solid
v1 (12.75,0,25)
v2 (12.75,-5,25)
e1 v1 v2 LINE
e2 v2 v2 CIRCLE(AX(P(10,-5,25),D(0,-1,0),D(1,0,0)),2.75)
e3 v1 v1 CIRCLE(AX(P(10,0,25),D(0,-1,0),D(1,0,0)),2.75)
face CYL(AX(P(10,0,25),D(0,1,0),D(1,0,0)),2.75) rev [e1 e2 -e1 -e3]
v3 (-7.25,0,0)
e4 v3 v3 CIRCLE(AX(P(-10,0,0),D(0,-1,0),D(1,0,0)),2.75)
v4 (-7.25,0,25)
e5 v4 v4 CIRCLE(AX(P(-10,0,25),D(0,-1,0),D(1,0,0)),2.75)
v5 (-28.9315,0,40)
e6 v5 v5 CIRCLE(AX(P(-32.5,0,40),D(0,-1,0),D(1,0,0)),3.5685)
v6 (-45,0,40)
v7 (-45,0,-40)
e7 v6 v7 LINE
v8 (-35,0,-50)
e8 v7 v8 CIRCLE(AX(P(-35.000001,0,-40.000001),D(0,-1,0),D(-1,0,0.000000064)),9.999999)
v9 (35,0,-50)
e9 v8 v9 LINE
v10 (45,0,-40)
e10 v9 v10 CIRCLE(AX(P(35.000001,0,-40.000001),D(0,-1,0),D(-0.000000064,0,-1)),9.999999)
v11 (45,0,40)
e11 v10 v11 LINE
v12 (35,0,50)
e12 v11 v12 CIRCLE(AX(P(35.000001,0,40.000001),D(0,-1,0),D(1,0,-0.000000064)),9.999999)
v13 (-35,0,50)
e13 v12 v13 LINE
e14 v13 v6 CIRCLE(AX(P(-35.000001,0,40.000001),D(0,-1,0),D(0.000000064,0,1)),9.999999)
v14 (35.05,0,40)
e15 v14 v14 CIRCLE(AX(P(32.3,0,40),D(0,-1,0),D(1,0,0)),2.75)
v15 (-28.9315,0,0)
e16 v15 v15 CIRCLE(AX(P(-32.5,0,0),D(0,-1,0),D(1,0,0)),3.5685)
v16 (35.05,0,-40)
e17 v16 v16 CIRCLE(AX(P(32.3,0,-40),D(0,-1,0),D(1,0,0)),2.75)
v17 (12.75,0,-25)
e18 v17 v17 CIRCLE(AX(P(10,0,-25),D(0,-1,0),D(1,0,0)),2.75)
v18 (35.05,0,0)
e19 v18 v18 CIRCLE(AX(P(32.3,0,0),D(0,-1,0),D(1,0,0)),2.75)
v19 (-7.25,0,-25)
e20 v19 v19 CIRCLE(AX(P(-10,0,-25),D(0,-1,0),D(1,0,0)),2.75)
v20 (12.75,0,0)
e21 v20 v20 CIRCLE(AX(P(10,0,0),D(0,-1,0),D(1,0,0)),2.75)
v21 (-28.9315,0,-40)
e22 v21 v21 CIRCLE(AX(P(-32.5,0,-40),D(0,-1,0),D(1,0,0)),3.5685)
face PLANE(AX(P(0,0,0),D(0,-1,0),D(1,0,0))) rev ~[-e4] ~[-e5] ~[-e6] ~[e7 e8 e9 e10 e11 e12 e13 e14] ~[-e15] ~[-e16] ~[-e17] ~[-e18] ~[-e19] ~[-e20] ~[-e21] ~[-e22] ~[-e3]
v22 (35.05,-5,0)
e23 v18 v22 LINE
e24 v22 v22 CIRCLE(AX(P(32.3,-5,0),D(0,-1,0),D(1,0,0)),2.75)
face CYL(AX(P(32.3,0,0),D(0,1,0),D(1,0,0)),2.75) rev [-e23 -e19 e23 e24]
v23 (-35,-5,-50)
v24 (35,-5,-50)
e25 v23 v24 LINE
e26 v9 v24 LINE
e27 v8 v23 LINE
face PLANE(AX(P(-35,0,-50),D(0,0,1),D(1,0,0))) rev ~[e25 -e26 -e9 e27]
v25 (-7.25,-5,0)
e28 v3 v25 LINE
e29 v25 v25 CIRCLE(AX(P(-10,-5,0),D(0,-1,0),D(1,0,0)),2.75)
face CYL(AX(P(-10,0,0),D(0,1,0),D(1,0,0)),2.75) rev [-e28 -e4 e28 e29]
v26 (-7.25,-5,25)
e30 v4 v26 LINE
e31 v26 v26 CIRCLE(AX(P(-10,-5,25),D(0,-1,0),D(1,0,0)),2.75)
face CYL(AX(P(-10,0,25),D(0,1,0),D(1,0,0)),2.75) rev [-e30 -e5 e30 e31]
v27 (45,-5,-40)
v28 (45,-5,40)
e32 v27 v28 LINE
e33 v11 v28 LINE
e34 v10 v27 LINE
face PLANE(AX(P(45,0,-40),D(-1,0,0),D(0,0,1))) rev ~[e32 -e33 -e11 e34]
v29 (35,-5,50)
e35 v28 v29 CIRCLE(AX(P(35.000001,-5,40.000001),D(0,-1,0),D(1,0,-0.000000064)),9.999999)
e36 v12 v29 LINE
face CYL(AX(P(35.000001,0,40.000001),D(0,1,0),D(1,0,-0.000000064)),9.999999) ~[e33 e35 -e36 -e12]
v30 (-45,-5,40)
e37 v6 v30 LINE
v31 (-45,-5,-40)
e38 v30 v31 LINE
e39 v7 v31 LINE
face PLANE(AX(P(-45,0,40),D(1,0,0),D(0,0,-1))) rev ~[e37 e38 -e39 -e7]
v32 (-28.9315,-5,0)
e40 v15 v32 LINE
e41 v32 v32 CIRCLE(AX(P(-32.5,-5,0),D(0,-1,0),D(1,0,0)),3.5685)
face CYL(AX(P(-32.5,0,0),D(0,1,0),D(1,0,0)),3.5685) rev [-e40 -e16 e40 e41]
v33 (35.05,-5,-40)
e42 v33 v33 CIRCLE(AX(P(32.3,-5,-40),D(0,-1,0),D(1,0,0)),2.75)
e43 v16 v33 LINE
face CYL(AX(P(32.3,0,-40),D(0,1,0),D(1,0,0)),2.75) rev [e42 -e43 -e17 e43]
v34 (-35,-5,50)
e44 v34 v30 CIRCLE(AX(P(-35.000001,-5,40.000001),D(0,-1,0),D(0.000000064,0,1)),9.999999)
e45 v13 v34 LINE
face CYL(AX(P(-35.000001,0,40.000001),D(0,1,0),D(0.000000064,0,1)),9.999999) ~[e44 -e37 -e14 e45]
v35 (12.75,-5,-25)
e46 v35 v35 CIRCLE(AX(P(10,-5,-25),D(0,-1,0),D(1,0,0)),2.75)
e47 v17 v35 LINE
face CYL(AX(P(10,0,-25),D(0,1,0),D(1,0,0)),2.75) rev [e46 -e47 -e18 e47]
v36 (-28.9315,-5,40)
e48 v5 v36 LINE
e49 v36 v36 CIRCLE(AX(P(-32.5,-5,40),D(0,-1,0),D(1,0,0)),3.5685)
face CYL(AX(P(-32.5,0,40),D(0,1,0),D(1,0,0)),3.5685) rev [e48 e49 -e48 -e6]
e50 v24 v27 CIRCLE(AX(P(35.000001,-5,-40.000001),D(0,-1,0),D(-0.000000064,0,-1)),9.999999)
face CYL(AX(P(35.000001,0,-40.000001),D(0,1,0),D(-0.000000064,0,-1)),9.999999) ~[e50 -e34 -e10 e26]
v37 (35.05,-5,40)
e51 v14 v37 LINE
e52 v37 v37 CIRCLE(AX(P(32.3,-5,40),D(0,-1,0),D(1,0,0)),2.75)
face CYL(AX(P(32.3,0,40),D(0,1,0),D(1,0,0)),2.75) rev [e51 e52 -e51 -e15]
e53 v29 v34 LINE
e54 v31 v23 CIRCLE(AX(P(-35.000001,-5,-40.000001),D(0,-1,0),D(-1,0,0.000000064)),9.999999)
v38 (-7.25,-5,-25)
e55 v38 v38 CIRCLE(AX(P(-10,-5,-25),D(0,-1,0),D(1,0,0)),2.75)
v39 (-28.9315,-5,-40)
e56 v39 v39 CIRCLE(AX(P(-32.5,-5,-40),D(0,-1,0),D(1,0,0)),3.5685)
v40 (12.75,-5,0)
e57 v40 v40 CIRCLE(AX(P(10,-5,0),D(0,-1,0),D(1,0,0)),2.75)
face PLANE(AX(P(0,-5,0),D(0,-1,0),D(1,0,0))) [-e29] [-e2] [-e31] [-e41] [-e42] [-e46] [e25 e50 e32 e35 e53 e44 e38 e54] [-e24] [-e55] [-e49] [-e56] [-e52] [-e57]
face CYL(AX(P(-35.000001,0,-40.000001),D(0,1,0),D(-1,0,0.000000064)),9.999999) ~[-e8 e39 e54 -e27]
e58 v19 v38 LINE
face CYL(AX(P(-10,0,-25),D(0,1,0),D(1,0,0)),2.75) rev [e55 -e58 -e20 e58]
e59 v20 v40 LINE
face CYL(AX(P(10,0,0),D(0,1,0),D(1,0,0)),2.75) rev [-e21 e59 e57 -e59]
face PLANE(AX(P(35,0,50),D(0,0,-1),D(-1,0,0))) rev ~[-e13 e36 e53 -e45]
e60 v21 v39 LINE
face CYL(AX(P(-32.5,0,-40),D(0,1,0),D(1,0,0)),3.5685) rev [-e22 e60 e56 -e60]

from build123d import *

# Parameters (mm, degrees)
F0_R     = 3.5685
F0_R_2   = 2.75
F1_DEPTH = 5


with BuildPart() as f1:
    # F0 (on Front) → F1 (new body)
    with BuildSketch(Plane.XZ):
        with BuildLine():
            Line((-35, -50), (35, -50))
            ThreePointArc((35, -50), (42.071068, -47.071068), (45, -40))
            Line((45, -40), (45, 40))
            ThreePointArc((45, 40), (42.071068, 47.071068), (35, 50))
            Line((35, 50), (-35, 50))
            ThreePointArc((-35, 50), (-42.071068, 47.071068), (-45, 40))
            Line((-45, 40), (-45, -40))
            ThreePointArc((-45, -40), (-42.071068, -47.071068), (-35, -50))
        make_face()
        with Locations((-32.5, -40)):
            Circle(F0_R, mode=Mode.SUBTRACT)
        with Locations((-10, -25)):
            Circle(F0_R_2, mode=Mode.SUBTRACT)
        with Locations((32.3, -40)):
            Circle(F0_R_2, mode=Mode.SUBTRACT)
        with Locations((10, -25)):
            Circle(F0_R_2, mode=Mode.SUBTRACT)
        with Locations((-32.5, 0)):
            Circle(F0_R, mode=Mode.SUBTRACT)
        with Locations((-10, 0)):
            Circle(F0_R_2, mode=Mode.SUBTRACT)
        with Locations((-32.5, 40)):
            Circle(F0_R, mode=Mode.SUBTRACT)
        with Locations((-10, 25)):
            Circle(F0_R_2, mode=Mode.SUBTRACT)
        with Locations((10, 0)):
            Circle(F0_R_2, mode=Mode.SUBTRACT)
        with Locations((32.3, 0)):
            Circle(F0_R_2, mode=Mode.SUBTRACT)
        with Locations((10, 25)):
            Circle(F0_R_2, mode=Mode.SUBTRACT)
        with Locations((32.3, 40)):
            Circle(F0_R_2, mode=Mode.SUBTRACT)
    extrude(amount=F1_DEPTH)


solid = f1.part
